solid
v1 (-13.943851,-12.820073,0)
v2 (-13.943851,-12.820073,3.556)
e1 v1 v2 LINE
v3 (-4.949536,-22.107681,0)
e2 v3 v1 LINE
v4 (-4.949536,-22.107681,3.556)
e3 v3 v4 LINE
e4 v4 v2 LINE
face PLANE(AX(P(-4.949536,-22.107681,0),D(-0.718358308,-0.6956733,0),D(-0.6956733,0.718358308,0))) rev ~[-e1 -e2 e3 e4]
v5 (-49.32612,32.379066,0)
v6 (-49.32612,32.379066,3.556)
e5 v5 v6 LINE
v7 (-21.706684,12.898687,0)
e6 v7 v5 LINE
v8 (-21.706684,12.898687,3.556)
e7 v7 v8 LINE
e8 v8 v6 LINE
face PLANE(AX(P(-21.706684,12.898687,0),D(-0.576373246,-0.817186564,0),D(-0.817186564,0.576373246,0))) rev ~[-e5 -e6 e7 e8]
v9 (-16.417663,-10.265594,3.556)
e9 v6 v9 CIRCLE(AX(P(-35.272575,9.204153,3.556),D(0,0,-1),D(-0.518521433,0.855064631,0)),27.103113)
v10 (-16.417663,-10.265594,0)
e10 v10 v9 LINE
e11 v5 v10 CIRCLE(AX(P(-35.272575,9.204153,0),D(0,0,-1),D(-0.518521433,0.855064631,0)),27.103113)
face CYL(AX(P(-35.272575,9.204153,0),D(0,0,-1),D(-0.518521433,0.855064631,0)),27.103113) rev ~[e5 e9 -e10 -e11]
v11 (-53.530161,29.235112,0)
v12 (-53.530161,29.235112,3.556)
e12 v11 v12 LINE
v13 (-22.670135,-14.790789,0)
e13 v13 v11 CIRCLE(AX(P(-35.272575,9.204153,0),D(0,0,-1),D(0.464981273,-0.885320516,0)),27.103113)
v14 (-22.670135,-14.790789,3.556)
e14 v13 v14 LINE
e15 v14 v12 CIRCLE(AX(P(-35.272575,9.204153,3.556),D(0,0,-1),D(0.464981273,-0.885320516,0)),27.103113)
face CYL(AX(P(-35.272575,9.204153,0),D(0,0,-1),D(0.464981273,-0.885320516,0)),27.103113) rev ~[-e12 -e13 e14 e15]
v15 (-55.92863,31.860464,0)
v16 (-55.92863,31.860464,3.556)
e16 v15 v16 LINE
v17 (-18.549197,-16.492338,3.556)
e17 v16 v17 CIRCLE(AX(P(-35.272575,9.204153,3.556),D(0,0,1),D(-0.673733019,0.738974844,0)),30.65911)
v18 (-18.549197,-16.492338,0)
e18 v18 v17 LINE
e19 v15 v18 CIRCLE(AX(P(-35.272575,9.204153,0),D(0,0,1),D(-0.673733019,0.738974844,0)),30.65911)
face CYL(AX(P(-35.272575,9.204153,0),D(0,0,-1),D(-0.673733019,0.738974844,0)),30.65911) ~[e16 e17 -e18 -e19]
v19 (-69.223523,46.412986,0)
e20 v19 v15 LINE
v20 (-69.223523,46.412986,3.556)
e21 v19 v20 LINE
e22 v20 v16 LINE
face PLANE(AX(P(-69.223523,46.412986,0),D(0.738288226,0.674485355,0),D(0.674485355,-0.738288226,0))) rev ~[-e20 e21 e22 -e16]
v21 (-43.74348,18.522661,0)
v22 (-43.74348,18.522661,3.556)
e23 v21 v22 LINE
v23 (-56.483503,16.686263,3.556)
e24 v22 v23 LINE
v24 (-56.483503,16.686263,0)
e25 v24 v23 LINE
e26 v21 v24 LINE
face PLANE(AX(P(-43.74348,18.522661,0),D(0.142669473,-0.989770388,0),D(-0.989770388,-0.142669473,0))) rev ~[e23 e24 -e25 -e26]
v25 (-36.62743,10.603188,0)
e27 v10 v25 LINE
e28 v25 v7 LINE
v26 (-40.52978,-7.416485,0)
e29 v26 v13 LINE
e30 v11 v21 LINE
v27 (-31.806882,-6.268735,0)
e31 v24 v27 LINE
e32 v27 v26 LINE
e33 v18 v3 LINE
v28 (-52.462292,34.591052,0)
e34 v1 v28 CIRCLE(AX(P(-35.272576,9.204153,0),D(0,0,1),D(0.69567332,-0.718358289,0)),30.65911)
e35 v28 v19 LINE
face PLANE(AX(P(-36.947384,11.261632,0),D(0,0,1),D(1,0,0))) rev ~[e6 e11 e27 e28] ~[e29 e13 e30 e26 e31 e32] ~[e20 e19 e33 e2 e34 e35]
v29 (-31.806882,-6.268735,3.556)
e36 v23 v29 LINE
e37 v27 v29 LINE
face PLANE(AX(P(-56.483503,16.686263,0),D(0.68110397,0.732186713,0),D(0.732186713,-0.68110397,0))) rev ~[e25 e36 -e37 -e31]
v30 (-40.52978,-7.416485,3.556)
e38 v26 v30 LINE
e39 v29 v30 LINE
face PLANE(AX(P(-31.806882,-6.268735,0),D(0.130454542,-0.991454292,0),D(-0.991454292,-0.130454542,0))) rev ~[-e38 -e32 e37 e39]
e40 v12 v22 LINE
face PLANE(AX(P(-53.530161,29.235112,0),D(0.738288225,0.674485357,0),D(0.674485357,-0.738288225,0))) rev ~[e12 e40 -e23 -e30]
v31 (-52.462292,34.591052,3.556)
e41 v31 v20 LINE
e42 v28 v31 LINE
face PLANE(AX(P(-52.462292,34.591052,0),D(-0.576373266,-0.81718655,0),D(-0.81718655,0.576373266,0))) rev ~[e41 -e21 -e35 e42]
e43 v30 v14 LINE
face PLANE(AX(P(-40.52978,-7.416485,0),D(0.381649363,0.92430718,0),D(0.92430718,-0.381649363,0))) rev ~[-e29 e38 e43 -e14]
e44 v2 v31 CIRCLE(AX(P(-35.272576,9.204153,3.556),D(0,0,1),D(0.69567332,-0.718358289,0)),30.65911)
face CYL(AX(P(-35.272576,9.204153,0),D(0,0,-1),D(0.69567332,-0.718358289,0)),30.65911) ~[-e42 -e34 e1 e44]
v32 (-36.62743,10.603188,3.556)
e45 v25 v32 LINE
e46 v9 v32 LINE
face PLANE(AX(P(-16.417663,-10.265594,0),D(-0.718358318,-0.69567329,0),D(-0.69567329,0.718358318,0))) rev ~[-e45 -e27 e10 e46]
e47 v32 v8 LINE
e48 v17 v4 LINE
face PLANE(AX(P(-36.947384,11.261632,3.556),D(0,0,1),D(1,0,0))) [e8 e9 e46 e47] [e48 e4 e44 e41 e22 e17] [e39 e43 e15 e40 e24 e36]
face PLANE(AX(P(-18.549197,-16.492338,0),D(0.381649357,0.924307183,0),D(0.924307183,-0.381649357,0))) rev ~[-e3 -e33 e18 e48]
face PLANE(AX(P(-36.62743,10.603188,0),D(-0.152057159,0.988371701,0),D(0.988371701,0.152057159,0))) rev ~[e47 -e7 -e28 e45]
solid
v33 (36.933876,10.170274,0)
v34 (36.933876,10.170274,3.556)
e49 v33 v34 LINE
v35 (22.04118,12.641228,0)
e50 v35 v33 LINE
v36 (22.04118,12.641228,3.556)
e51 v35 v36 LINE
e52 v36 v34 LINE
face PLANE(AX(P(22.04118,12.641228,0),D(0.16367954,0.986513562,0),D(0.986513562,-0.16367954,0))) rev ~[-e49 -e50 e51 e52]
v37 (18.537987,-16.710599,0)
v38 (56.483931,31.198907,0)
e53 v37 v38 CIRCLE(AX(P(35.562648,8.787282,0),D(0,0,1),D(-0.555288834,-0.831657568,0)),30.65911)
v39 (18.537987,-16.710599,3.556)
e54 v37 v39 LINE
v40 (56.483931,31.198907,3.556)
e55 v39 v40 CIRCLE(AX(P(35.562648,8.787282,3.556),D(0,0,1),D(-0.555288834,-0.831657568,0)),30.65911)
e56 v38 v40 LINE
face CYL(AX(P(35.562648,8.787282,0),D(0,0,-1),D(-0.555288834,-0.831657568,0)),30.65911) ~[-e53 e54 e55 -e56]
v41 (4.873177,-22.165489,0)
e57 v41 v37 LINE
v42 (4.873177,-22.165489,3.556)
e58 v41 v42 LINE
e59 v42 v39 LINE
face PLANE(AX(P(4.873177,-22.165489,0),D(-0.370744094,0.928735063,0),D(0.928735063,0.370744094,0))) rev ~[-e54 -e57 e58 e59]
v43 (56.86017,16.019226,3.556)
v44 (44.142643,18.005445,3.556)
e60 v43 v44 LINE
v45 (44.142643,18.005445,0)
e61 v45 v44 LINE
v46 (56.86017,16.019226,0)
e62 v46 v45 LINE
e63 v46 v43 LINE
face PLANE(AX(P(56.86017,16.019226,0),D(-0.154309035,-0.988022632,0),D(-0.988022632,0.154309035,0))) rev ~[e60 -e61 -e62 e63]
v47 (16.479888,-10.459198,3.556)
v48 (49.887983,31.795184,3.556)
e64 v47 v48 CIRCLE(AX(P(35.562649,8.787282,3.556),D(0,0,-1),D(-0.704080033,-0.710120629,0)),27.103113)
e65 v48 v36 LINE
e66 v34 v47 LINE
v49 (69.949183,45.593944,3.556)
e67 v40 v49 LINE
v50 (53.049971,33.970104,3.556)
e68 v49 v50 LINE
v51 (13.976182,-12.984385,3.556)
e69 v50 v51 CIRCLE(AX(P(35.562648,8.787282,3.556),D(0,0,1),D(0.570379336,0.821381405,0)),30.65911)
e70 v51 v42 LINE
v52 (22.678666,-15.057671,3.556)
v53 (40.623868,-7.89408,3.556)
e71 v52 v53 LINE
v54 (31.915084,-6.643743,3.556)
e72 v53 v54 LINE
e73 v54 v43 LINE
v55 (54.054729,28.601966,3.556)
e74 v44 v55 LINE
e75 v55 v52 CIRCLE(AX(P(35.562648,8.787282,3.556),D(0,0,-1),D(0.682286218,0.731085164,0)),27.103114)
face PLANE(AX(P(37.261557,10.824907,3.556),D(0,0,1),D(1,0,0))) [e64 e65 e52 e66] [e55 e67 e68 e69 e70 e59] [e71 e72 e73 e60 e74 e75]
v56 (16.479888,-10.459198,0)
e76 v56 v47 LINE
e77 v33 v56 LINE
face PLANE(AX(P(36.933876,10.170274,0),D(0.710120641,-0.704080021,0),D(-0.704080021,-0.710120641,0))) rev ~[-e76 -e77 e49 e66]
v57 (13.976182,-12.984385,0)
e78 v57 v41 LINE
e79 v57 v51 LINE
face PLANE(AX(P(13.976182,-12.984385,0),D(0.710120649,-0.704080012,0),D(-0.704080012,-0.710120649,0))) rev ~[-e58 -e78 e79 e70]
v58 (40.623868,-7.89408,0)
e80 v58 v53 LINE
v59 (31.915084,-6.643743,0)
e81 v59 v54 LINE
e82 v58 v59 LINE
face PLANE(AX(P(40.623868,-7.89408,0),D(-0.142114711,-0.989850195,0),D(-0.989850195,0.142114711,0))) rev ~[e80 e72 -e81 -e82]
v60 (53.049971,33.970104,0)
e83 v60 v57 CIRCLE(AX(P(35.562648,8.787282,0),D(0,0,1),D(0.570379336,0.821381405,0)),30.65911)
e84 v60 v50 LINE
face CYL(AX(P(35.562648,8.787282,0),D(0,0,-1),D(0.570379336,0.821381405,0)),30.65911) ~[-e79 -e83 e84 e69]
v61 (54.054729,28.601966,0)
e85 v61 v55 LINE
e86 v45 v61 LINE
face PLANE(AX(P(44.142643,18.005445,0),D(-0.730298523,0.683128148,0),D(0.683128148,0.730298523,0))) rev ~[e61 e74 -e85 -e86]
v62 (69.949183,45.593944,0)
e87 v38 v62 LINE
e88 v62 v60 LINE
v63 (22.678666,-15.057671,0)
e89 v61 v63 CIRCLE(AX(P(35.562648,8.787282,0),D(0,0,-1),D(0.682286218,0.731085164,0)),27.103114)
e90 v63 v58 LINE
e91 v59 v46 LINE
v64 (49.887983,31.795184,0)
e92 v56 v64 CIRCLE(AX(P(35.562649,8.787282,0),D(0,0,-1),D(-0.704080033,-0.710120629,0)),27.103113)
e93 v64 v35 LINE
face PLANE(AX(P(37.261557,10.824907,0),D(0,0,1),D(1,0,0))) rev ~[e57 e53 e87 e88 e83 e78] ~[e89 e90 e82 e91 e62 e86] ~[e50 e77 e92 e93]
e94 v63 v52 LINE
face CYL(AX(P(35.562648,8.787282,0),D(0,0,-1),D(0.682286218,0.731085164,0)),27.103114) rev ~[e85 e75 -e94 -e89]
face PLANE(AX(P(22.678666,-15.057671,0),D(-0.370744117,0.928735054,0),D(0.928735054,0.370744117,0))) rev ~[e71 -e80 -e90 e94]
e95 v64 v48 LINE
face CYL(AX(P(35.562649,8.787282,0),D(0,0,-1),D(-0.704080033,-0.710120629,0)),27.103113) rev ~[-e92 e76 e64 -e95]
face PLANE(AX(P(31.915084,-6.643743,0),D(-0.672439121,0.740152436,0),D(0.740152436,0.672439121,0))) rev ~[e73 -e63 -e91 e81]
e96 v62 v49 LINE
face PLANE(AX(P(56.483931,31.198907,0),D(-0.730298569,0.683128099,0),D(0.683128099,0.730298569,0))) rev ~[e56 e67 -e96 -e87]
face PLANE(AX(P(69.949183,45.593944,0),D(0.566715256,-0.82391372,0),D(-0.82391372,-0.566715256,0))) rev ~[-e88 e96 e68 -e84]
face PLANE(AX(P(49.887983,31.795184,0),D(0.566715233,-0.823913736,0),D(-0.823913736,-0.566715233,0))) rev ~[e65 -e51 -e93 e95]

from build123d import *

# Parameters (mm, degrees)
F1_DEPTH = 3.556


with BuildPart() as f1:
    # F0 (on Top) → F1 (new body)
    with BuildSketch(Plane.XY):
        with BuildLine():
            Line((-52.462292, 34.591052), (-69.223523, 46.412986))
            Line((-69.223523, 46.412986), (-55.92863, 31.860464))
            ThreePointArc((-55.92863, 31.860464), (-59.528808, -9.547279), (-18.549197, -16.492338))
            Line((-18.549197, -16.492338), (-4.949536, -22.107681))
            Line((-4.949536, -22.107681), (-13.943851, -12.820073))
            ThreePointArc((-13.943851, -12.820073), (-11.47685, 28.536624), (-52.462292, 34.591052))
        make_face()
        with BuildLine():
            Line((-31.806882, -6.268735), (-40.52978, -7.416485))
            Line((-40.52978, -7.416485), (-22.670135, -14.790789))
            ThreePointArc((-22.670135, -14.790789), (-57.466384, -6.352633), (-53.530161, 29.235112))
            Line((-53.530161, 29.235112), (-43.74348, 18.522661))
            Line((-43.74348, 18.522661), (-56.483503, 16.686263))
            Line((-56.483503, 16.686263), (-31.806882, -6.268735))
        make_face(mode=Mode.SUBTRACT)
        with BuildLine():
            Line((-36.62743, 10.603188), (-21.706684, 12.898687))
            Line((-21.706684, 12.898687), (-49.32612, 32.379066))
            ThreePointArc((-49.32612, 32.379066), (-13.815524, 25.762344), (-16.417663, -10.265594))
            Line((-16.417663, -10.265594), (-36.62743, 10.603188))
        make_face(mode=Mode.SUBTRACT)
        with BuildLine():
            Line((56.483931, 31.198907), (69.949183, 45.593944))
            Line((69.949183, 45.593944), (53.049971, 33.970104))
            ThreePointArc((53.049971, 33.970104), (11.99611, 28.398484), (13.976182, -12.984385))
            Line((13.976182, -12.984385), (4.873177, -22.165489))
            Line((4.873177, -22.165489), (18.537987, -16.710599))
            ThreePointArc((18.537987, -16.710599), (59.596502, -10.24834), (56.483931, 31.198907))
        make_face()
        with BuildLine():
            Line((56.86017, 16.019226), (44.142643, 18.005445))
            Line((44.142643, 18.005445), (54.054729, 28.601966))
            ThreePointArc((54.054729, 28.601966), (57.571821, -7.029642), (22.678666, -15.057671))
            Line((22.678666, -15.057671), (40.623868, -7.89408))
            Line((40.623868, -7.89408), (31.915084, -6.643743))
            Line((31.915084, -6.643743), (56.86017, 16.019226))
        make_face(mode=Mode.SUBTRACT)
        with BuildLine():
            Line((22.04118, 12.641228), (36.933876, 10.170274))
            Line((36.933876, 10.170274), (16.479888, -10.459198))
            ThreePointArc((16.479888, -10.459198), (14.30197, 25.596871), (49.887983, 31.795184))
            Line((49.887983, 31.795184), (22.04118, 12.641228))
        make_face(mode=Mode.SUBTRACT)
    extrude(amount=F1_DEPTH)


solid = f1.part
